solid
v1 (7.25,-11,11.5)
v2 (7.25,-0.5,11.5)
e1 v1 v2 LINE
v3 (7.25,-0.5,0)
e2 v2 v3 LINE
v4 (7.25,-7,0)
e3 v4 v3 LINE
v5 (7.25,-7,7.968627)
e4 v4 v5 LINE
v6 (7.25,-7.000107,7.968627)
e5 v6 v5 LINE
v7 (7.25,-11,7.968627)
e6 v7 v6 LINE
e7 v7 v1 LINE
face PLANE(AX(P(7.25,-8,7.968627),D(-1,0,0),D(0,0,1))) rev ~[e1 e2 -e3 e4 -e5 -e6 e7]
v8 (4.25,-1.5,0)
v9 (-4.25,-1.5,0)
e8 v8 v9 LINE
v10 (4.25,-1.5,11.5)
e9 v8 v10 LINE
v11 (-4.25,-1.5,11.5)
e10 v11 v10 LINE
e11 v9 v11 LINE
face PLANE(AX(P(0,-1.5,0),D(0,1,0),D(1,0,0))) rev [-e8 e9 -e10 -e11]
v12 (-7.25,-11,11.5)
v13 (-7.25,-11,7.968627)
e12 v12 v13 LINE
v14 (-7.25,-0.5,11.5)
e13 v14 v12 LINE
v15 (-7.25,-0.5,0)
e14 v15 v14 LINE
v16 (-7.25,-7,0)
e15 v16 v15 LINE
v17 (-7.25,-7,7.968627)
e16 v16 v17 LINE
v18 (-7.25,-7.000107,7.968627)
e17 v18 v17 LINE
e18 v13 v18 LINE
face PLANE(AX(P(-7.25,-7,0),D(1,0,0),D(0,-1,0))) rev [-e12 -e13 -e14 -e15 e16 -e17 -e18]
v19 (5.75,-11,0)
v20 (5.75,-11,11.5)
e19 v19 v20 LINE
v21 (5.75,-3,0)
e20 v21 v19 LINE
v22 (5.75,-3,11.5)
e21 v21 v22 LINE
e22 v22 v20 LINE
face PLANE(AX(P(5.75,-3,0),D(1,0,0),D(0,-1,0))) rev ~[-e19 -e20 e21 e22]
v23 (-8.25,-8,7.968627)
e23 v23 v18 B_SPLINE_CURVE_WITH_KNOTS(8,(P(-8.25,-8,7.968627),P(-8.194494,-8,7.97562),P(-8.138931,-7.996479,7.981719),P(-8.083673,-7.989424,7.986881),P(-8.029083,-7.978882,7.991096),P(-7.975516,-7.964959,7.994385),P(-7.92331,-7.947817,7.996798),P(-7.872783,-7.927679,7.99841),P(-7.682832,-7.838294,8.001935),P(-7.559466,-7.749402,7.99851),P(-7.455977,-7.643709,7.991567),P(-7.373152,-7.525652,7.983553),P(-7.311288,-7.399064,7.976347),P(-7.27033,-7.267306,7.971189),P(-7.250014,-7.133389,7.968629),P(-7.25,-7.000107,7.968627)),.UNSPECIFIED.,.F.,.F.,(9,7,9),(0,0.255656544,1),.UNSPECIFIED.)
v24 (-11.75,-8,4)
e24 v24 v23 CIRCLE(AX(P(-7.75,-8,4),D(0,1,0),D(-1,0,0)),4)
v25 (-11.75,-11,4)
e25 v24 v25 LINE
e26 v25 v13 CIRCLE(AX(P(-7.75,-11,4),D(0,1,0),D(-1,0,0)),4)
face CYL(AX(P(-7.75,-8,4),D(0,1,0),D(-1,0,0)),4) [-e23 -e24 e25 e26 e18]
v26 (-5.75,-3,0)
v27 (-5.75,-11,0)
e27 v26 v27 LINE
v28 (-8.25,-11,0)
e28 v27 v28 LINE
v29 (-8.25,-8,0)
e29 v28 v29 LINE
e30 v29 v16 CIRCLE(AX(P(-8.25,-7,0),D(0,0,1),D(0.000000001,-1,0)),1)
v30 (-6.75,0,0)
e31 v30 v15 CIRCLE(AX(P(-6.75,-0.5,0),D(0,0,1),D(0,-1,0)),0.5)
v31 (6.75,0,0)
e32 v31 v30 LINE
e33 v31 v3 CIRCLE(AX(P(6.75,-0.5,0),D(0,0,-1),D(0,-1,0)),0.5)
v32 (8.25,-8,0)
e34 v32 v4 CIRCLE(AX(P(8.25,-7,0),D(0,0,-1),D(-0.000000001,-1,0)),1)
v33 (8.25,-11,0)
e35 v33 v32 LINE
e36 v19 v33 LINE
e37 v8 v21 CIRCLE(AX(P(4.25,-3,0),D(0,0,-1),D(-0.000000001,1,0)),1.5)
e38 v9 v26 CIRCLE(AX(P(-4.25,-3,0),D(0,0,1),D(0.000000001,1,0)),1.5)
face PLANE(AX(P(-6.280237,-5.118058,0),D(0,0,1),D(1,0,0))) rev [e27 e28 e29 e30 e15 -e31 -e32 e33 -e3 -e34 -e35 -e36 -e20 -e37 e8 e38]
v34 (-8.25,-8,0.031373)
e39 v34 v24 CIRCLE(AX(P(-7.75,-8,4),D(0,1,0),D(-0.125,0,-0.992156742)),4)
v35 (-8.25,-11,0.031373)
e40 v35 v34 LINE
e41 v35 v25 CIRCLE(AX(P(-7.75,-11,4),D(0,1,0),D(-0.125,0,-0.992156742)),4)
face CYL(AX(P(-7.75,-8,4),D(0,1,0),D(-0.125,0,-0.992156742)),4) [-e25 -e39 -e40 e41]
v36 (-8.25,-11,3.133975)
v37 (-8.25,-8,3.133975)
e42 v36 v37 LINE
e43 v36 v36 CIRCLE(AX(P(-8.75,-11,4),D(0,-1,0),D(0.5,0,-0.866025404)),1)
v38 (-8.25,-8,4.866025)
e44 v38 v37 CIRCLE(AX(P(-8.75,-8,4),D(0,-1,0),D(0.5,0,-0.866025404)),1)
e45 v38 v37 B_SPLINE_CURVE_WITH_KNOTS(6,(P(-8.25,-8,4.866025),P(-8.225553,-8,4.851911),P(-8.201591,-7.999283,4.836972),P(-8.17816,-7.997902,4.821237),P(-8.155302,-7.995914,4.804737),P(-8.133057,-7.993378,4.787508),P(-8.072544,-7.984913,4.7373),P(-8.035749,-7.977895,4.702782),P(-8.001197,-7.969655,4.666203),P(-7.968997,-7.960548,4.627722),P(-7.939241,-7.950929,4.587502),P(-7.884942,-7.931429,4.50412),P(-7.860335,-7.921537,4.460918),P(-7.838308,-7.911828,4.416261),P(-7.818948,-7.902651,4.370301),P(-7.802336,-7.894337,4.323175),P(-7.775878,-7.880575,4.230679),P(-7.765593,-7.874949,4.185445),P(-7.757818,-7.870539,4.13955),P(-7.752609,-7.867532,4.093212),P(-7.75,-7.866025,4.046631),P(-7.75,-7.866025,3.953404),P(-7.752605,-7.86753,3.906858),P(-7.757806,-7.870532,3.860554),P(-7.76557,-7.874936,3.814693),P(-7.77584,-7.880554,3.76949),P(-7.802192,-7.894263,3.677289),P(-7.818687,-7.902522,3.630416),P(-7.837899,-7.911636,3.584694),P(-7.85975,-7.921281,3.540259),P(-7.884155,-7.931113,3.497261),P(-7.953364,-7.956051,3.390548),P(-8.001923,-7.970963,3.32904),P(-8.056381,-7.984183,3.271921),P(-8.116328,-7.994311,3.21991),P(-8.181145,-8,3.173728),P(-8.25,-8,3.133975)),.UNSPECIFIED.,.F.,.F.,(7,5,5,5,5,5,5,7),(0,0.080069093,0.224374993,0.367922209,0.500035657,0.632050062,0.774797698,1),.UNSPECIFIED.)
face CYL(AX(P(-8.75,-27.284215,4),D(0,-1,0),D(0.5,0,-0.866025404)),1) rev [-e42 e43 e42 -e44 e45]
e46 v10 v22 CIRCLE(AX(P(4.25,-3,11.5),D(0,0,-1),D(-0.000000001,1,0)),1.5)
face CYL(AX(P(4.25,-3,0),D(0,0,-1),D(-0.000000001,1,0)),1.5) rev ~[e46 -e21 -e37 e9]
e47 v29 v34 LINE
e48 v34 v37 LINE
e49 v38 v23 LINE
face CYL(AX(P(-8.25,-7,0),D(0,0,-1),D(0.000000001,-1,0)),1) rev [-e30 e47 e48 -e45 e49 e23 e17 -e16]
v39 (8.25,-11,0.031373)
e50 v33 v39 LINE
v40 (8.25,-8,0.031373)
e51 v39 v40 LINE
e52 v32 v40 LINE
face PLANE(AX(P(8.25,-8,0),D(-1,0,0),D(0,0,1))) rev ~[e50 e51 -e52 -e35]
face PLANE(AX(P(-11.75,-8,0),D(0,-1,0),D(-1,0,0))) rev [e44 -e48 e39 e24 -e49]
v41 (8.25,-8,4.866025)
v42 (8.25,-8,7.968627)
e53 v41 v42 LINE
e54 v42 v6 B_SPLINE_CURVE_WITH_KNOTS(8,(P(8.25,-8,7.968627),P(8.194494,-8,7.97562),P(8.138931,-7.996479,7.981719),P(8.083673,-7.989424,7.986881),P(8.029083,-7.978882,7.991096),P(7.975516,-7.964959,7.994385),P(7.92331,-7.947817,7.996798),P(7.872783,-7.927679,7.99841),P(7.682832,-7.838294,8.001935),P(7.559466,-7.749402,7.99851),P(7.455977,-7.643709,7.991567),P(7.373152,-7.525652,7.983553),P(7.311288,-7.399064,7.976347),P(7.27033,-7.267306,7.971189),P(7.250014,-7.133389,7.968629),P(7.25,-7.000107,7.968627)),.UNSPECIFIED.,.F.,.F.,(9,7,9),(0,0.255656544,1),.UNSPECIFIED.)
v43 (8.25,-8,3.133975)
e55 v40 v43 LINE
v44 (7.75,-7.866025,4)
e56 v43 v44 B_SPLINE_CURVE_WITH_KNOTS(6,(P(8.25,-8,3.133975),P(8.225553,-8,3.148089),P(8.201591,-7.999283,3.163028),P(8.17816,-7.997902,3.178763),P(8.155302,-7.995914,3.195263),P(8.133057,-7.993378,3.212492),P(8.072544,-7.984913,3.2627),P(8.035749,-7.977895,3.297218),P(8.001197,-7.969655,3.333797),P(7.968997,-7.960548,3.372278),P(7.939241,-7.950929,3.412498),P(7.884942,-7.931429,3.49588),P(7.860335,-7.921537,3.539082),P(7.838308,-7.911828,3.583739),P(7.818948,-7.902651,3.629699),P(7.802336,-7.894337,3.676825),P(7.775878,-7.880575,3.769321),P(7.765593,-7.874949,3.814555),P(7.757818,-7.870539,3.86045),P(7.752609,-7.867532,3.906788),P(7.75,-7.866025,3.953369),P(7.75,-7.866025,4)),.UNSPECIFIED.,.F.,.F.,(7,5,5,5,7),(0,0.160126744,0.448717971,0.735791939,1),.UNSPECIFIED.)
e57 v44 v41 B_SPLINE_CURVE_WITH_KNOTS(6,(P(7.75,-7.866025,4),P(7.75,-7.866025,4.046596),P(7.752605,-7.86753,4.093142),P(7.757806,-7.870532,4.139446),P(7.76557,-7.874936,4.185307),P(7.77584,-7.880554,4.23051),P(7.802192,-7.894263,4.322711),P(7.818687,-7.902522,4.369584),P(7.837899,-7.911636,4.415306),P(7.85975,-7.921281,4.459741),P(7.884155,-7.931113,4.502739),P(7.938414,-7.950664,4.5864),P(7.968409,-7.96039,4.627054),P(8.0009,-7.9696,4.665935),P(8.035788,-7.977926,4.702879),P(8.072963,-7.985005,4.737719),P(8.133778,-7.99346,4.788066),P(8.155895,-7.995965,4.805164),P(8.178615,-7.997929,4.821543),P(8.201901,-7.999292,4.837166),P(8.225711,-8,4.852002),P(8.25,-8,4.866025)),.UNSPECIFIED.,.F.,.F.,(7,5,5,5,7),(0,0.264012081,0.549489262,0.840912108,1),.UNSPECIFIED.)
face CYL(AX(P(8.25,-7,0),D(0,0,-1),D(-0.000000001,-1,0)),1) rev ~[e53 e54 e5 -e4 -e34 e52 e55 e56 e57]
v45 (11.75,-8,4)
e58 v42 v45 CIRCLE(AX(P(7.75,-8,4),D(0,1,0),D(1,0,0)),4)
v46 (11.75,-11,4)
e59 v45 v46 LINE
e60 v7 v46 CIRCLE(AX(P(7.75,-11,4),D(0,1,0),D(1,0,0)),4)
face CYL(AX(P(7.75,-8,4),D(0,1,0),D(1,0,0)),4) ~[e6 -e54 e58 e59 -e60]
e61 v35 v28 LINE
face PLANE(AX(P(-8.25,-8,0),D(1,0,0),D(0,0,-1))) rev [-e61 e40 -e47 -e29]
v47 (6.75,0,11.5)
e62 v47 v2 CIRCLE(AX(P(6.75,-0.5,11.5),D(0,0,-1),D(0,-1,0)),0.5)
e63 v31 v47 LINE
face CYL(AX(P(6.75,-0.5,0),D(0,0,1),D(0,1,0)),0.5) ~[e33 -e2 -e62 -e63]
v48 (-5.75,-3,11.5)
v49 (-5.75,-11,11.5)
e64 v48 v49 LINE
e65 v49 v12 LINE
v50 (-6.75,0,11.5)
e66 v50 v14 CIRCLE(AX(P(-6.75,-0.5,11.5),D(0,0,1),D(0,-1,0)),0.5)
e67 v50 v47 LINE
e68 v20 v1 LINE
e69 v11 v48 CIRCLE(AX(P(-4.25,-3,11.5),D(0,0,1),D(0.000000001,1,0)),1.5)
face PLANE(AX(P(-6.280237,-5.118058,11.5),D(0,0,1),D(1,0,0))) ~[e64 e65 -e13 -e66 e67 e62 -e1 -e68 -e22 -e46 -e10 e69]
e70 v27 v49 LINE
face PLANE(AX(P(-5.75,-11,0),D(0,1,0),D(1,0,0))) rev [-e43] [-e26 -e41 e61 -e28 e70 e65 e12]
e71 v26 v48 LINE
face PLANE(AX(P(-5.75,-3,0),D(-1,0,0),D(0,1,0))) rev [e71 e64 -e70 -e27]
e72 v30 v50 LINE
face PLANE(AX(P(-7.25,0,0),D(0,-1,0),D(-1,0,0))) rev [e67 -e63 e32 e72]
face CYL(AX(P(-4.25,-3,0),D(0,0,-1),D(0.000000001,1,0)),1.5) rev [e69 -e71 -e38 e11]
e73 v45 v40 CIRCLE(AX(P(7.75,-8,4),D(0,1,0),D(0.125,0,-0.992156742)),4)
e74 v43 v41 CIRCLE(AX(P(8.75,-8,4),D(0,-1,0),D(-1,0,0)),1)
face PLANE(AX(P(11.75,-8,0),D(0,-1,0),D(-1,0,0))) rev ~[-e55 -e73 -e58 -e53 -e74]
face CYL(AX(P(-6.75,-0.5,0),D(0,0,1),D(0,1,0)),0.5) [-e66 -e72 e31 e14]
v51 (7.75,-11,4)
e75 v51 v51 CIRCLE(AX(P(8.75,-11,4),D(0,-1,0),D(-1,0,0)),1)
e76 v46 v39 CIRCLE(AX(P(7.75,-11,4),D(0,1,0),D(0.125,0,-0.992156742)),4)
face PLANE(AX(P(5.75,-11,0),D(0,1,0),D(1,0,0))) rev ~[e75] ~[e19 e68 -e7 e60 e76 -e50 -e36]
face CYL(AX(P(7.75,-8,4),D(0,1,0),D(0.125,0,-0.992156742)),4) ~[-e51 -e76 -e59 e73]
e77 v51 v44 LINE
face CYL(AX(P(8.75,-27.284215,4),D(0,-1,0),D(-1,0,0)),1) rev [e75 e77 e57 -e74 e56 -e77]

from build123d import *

# Parameters (mm, degrees)
SALIENTE_EXTRUIR1_DEPTH    = 11.5
REDONDEO1_R                = 0.5
CORTAR_EXTRUIR1_DEPTH      = 19.284214503
CORTAR_EXTRUIR2_DEPTH      = 19.284214567
CORTAR_EXTRUIR2_DEPTH_BACK = 19.284214567
CROQUIS4_R                 = 1


with BuildPart() as part:
    # Croquis1 → Saliente-Extruir1 (new body)
    with BuildSketch(Plane.XY):
        with BuildLine():
            Line((7.25, 0), (0, 0))
            Line((0, 0), (0, -1.5))
            Line((0, -1.5), (4.25, -1.5))
            ThreePointArc((4.25, -1.5), (5.310660172, -1.939339828), (5.75, -3))
            Line((5.75, -3), (5.75, -11))
            Line((5.75, -11), (11.75, -11))
            Line((11.75, -11), (11.75, -8))
            Line((11.75, -8), (8.25, -8))
            ThreePointArc((8.25, -8), (7.542893219, -7.707106781), (7.25, -7))
            Line((7.25, -7), (7.25, 0))
        make_face()
    saliente_extruir1 = extrude(amount=SALIENTE_EXTRUIR1_DEPTH)

    # Simetría1: Saliente-Extruir1 across plane
    add(saliente_extruir1.mirror(Plane(origin=(0, 0, 11.5), x_dir=(0, 0, 1), z_dir=(1, 0, 0))))

    # Redondeo1
    redondeo1_edges = [part.edges().sort_by_distance(p)[0] for p in [
        (7.25, 0, 5.75),
        (-7.25, 0, 5.75),
    ]]
    fillet(redondeo1_edges, radius=REDONDEO1_R)

    # Croquis3 → Cortar-Extruir1 (cut, symmetric)
    with BuildSketch(Plane(origin=(0, -8, 0), x_dir=(1, 0, 0), z_dir=(0, 1, 0))):
        with BuildLine():
            Line((8.25, -11.5), (8.25, -7.968626967))
            ThreePointArc((8.25, -7.968626967), (7.75, -8), (7.25, -7.968626967))
            Line((7.25, -7.968626967), (7.25, -11.5))
            Line((7.25, -11.5), (8.25, -11.5))
        make_face()
        with BuildLine():
            Line((11.75, -11.5), (11.75, -4))
            ThreePointArc((11.75, -4), (10.75, -6.645751311), (8.25, -7.968626967))
            Line((8.25, -7.968626967), (8.25, -11.5))
            Line((8.25, -11.5), (11.75, -11.5))
        make_face()
        with BuildLine():
            Line((11.75, 0), (8.25, 0))
            Line((8.25, 0), (8.25, -0.031373033))
            ThreePointArc((8.25, -0.031373033), (10.75, -1.354248689), (11.75, -4))
            Line((11.75, -4), (11.75, 0))
        make_face()
    cortar_extruir1 = extrude(amount=CORTAR_EXTRUIR1_DEPTH, both=True, mode=Mode.SUBTRACT)

    # Simetría2: Cortar-Extruir1 across plane
    add(cortar_extruir1.mirror(Plane(origin=(0, 0, 0), x_dir=(0, 0, 1), z_dir=(1, 0, 0))), mode=Mode.SUBTRACT)

    # Croquis4 → Cortar-Extruir2 (cut, two sides: drawn at the far end of the back side and taken through both)
    with BuildSketch(Plane(origin=(0, -8, 0), x_dir=(1, 0, 0), z_dir=(0, 1, 0)).offset(-CORTAR_EXTRUIR2_DEPTH_BACK)):
        with Locations(Location((8.75, -4, 0), (0, 0, 180))):
            Circle(CROQUIS4_R)
        with Locations(Location((-8.75, -4, 0), (0, 0, 60))):
            Circle(CROQUIS4_R)
    extrude(amount=CORTAR_EXTRUIR2_DEPTH + CORTAR_EXTRUIR2_DEPTH_BACK, mode=Mode.SUBTRACT)


solid = part.part
